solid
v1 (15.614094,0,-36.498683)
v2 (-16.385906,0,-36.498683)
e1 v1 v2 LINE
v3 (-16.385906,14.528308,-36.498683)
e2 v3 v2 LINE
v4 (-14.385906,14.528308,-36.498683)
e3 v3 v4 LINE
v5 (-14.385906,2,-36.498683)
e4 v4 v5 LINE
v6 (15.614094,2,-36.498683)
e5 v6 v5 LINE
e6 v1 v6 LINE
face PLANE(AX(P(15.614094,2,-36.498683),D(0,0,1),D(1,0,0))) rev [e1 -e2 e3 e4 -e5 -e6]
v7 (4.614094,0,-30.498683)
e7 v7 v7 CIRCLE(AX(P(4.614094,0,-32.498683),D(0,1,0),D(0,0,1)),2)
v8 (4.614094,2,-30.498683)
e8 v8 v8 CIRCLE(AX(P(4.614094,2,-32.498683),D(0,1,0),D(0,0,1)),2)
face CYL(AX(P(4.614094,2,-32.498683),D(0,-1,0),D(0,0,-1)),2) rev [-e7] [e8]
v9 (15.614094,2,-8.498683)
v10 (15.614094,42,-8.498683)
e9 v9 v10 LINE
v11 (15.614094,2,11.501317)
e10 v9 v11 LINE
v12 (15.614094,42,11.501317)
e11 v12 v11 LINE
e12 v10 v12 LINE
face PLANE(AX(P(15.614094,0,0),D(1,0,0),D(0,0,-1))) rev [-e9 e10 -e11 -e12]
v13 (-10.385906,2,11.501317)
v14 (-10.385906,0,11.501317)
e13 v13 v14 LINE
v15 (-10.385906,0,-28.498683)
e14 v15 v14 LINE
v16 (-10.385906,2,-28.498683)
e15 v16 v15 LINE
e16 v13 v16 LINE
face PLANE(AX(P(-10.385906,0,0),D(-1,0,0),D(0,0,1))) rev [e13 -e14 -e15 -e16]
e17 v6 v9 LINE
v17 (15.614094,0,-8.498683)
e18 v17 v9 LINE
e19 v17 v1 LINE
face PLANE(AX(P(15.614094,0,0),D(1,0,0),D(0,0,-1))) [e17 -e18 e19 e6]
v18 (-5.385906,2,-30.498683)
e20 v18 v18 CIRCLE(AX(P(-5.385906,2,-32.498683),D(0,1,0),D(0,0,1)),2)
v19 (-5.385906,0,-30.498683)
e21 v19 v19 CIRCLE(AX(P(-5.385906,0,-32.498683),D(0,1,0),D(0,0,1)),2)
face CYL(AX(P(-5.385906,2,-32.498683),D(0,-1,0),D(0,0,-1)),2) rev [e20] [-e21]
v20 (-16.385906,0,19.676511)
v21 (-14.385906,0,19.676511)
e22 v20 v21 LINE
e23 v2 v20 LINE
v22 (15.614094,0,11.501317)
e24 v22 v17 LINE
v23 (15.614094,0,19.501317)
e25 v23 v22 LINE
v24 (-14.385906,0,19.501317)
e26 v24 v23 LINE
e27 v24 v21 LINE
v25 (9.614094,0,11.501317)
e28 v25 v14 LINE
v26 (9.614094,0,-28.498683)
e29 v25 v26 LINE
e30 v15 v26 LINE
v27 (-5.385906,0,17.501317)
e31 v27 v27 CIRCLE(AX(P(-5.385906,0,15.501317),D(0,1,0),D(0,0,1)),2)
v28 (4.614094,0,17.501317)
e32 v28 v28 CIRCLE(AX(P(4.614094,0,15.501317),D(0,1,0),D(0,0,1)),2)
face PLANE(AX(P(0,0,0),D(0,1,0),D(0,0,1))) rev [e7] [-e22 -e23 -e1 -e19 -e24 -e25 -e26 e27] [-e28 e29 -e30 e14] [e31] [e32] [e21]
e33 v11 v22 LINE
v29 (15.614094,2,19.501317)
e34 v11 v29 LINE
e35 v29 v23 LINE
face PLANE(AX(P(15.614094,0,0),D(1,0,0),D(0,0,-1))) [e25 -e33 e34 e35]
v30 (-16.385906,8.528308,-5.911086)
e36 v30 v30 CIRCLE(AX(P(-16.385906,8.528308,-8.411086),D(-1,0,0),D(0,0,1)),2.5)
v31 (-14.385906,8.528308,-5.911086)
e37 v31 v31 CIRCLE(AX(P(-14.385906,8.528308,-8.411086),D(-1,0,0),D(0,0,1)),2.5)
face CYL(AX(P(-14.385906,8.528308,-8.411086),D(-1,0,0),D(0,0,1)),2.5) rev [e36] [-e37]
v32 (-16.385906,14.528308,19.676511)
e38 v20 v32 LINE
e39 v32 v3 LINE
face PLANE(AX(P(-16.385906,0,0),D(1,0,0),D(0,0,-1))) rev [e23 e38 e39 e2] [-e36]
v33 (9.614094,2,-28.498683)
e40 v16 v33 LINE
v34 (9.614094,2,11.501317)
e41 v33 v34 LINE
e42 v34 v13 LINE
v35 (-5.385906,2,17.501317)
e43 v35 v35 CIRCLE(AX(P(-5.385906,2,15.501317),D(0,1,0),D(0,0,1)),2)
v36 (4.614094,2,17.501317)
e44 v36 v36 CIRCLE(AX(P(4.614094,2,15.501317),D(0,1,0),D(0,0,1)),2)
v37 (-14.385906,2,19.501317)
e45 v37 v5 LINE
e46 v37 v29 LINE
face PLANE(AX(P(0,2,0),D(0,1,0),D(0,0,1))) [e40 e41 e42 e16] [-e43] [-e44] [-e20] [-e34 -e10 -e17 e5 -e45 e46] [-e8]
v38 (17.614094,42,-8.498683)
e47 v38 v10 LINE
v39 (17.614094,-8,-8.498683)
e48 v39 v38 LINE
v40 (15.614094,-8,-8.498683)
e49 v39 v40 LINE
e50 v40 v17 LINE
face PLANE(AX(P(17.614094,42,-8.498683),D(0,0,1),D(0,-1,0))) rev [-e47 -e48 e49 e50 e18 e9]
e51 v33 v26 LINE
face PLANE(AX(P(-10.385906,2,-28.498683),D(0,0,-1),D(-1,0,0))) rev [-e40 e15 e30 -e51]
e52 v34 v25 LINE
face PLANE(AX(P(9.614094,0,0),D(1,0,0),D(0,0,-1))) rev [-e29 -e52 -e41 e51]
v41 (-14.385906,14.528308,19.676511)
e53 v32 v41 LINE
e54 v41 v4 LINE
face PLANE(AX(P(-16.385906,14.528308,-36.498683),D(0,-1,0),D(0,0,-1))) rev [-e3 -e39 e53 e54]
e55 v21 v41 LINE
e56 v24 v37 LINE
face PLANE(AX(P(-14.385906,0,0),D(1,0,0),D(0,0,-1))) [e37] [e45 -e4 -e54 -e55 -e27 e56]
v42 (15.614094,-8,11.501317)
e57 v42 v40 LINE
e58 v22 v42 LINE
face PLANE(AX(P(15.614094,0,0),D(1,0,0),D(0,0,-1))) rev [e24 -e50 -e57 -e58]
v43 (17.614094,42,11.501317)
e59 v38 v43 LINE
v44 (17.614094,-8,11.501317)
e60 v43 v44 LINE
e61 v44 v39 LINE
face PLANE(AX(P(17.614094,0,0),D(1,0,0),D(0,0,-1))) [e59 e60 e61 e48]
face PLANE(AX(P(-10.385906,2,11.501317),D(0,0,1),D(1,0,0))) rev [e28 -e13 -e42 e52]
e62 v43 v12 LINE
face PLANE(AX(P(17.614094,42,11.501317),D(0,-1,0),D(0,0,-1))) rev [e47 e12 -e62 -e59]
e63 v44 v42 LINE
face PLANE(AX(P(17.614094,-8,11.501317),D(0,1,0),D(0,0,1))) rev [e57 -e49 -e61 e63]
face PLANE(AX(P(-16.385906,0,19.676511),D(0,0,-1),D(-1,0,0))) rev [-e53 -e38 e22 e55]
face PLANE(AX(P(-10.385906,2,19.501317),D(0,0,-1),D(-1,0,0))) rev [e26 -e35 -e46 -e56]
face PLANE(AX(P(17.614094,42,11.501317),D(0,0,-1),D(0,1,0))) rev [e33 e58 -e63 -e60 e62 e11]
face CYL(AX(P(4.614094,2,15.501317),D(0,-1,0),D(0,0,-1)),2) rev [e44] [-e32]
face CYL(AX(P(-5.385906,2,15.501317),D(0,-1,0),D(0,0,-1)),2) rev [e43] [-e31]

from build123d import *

# Parameters (mm, degrees)
SKETCH1_W             = 20
SKETCH1_H             = 8
SKETCH1_R             = 2
BOSS_EXTRUDE1_DEPTH   = 2
BOSS_EXTRUDE1_2_DEPTH = 2
SKETCH6_W             = 56
SKETCH6_H             = 2
BOSS_EXTRUDE5_DEPTH   = 6
SKETCH10_W            = 56
SKETCH10_H            = 2
BOSS_EXTRUDE7_DEPTH   = 4
SKETCH11_W            = 56.175194469
SKETCH11_H            = 14.528307745
BOSS_EXTRUDE8_DEPTH   = 2
SKETCH12_R            = 2.5
CUT_EXTRUDE3_DEPTH    = 2
SKETCH13_W            = 20
SKETCH13_H            = 50
BOSS_EXTRUDE9_DEPTH   = 2


with BuildPart() as part:
    # Sketch1 → Boss-Extrude1 (new body)
    with BuildSketch(Plane(origin=(0, 0, 0), x_dir=(1, 0, 0), z_dir=(0, 1, 0))):
        with Locations((-0.385906166, -15.501316712)):
            Rectangle(SKETCH1_W, SKETCH1_H)
        with Locations(Location((4.614093834, -15.501316712, 0), (0, 0, 270))):
            Circle(SKETCH1_R, mode=Mode.SUBTRACT)
        with Locations(Location((-5.385906166, -15.501316712, 0), (0, 0, 270))):
            Circle(SKETCH1_R, mode=Mode.SUBTRACT)
    extrude(amount=BOSS_EXTRUDE1_DEPTH)



with BuildPart() as body_2:
    # Sketch1 → Boss-Extrude1 2 (new body)
    with BuildSketch(Plane(origin=(0, 0, 0), x_dir=(1, 0, 0), z_dir=(0, 1, 0))):
        with Locations((-0.385906166, 32.498683288)):
            Rectangle(SKETCH1_W, SKETCH1_H)
        with Locations(Location((4.614093834, 32.498683288, 0), (0, 0, 270))):
            Circle(SKETCH1_R, mode=Mode.SUBTRACT)
        with Locations(Location((-5.385906166, 32.498683288, 0), (0, 0, 270))):
            Circle(SKETCH1_R, mode=Mode.SUBTRACT)
    extrude(amount=BOSS_EXTRUDE1_2_DEPTH)


with BuildPart() as part_1:
    add(part.part)

    add(body_2.part)  # Boss-Extrude5 merges body 2
    # Sketch6 → Boss-Extrude5 (add)
    with BuildSketch(Plane(origin=(9.614093834, 0, 0), x_dir=(0, 0, -1), z_dir=(1, 0, 0))):
        with Locations((8.498683288, 1)):
            Rectangle(SKETCH6_W, SKETCH6_H)
    extrude(amount=BOSS_EXTRUDE5_DEPTH)

    # Sketch10 → Boss-Extrude7 (add)
    with BuildSketch(Plane.ZY.offset(10.385906166)):
        with Locations((-8.498683288, 1)):
            Rectangle(SKETCH10_W, SKETCH10_H)
    extrude(amount=BOSS_EXTRUDE7_DEPTH)

    # Sketch11 → Boss-Extrude8 (add)
    with BuildSketch(Plane.ZY.offset(14.385906166)):
        with Locations((-8.411086054, 7.264153873)):
            Rectangle(SKETCH11_W, SKETCH11_H)
    extrude(amount=BOSS_EXTRUDE8_DEPTH)

    # Sketch12 → Cut-Extrude3 (cut)
    with BuildSketch(Plane.ZY.offset(16.385906166)):
        with Locations((-8.411086053, 8.528307745)):
            Circle(SKETCH12_R)
    extrude(amount=-CUT_EXTRUDE3_DEPTH, mode=Mode.SUBTRACT)

    # Sketch13 → Boss-Extrude9 (add)
    with BuildSketch(Plane(origin=(15.614093834, 0, 0), x_dir=(0, 0, -1), z_dir=(1, 0, 0))):
        with Locations((-1.501316712, 17)):
            Rectangle(SKETCH13_W, SKETCH13_H)
    extrude(amount=BOSS_EXTRUDE9_DEPTH)


solid = part_1.part
